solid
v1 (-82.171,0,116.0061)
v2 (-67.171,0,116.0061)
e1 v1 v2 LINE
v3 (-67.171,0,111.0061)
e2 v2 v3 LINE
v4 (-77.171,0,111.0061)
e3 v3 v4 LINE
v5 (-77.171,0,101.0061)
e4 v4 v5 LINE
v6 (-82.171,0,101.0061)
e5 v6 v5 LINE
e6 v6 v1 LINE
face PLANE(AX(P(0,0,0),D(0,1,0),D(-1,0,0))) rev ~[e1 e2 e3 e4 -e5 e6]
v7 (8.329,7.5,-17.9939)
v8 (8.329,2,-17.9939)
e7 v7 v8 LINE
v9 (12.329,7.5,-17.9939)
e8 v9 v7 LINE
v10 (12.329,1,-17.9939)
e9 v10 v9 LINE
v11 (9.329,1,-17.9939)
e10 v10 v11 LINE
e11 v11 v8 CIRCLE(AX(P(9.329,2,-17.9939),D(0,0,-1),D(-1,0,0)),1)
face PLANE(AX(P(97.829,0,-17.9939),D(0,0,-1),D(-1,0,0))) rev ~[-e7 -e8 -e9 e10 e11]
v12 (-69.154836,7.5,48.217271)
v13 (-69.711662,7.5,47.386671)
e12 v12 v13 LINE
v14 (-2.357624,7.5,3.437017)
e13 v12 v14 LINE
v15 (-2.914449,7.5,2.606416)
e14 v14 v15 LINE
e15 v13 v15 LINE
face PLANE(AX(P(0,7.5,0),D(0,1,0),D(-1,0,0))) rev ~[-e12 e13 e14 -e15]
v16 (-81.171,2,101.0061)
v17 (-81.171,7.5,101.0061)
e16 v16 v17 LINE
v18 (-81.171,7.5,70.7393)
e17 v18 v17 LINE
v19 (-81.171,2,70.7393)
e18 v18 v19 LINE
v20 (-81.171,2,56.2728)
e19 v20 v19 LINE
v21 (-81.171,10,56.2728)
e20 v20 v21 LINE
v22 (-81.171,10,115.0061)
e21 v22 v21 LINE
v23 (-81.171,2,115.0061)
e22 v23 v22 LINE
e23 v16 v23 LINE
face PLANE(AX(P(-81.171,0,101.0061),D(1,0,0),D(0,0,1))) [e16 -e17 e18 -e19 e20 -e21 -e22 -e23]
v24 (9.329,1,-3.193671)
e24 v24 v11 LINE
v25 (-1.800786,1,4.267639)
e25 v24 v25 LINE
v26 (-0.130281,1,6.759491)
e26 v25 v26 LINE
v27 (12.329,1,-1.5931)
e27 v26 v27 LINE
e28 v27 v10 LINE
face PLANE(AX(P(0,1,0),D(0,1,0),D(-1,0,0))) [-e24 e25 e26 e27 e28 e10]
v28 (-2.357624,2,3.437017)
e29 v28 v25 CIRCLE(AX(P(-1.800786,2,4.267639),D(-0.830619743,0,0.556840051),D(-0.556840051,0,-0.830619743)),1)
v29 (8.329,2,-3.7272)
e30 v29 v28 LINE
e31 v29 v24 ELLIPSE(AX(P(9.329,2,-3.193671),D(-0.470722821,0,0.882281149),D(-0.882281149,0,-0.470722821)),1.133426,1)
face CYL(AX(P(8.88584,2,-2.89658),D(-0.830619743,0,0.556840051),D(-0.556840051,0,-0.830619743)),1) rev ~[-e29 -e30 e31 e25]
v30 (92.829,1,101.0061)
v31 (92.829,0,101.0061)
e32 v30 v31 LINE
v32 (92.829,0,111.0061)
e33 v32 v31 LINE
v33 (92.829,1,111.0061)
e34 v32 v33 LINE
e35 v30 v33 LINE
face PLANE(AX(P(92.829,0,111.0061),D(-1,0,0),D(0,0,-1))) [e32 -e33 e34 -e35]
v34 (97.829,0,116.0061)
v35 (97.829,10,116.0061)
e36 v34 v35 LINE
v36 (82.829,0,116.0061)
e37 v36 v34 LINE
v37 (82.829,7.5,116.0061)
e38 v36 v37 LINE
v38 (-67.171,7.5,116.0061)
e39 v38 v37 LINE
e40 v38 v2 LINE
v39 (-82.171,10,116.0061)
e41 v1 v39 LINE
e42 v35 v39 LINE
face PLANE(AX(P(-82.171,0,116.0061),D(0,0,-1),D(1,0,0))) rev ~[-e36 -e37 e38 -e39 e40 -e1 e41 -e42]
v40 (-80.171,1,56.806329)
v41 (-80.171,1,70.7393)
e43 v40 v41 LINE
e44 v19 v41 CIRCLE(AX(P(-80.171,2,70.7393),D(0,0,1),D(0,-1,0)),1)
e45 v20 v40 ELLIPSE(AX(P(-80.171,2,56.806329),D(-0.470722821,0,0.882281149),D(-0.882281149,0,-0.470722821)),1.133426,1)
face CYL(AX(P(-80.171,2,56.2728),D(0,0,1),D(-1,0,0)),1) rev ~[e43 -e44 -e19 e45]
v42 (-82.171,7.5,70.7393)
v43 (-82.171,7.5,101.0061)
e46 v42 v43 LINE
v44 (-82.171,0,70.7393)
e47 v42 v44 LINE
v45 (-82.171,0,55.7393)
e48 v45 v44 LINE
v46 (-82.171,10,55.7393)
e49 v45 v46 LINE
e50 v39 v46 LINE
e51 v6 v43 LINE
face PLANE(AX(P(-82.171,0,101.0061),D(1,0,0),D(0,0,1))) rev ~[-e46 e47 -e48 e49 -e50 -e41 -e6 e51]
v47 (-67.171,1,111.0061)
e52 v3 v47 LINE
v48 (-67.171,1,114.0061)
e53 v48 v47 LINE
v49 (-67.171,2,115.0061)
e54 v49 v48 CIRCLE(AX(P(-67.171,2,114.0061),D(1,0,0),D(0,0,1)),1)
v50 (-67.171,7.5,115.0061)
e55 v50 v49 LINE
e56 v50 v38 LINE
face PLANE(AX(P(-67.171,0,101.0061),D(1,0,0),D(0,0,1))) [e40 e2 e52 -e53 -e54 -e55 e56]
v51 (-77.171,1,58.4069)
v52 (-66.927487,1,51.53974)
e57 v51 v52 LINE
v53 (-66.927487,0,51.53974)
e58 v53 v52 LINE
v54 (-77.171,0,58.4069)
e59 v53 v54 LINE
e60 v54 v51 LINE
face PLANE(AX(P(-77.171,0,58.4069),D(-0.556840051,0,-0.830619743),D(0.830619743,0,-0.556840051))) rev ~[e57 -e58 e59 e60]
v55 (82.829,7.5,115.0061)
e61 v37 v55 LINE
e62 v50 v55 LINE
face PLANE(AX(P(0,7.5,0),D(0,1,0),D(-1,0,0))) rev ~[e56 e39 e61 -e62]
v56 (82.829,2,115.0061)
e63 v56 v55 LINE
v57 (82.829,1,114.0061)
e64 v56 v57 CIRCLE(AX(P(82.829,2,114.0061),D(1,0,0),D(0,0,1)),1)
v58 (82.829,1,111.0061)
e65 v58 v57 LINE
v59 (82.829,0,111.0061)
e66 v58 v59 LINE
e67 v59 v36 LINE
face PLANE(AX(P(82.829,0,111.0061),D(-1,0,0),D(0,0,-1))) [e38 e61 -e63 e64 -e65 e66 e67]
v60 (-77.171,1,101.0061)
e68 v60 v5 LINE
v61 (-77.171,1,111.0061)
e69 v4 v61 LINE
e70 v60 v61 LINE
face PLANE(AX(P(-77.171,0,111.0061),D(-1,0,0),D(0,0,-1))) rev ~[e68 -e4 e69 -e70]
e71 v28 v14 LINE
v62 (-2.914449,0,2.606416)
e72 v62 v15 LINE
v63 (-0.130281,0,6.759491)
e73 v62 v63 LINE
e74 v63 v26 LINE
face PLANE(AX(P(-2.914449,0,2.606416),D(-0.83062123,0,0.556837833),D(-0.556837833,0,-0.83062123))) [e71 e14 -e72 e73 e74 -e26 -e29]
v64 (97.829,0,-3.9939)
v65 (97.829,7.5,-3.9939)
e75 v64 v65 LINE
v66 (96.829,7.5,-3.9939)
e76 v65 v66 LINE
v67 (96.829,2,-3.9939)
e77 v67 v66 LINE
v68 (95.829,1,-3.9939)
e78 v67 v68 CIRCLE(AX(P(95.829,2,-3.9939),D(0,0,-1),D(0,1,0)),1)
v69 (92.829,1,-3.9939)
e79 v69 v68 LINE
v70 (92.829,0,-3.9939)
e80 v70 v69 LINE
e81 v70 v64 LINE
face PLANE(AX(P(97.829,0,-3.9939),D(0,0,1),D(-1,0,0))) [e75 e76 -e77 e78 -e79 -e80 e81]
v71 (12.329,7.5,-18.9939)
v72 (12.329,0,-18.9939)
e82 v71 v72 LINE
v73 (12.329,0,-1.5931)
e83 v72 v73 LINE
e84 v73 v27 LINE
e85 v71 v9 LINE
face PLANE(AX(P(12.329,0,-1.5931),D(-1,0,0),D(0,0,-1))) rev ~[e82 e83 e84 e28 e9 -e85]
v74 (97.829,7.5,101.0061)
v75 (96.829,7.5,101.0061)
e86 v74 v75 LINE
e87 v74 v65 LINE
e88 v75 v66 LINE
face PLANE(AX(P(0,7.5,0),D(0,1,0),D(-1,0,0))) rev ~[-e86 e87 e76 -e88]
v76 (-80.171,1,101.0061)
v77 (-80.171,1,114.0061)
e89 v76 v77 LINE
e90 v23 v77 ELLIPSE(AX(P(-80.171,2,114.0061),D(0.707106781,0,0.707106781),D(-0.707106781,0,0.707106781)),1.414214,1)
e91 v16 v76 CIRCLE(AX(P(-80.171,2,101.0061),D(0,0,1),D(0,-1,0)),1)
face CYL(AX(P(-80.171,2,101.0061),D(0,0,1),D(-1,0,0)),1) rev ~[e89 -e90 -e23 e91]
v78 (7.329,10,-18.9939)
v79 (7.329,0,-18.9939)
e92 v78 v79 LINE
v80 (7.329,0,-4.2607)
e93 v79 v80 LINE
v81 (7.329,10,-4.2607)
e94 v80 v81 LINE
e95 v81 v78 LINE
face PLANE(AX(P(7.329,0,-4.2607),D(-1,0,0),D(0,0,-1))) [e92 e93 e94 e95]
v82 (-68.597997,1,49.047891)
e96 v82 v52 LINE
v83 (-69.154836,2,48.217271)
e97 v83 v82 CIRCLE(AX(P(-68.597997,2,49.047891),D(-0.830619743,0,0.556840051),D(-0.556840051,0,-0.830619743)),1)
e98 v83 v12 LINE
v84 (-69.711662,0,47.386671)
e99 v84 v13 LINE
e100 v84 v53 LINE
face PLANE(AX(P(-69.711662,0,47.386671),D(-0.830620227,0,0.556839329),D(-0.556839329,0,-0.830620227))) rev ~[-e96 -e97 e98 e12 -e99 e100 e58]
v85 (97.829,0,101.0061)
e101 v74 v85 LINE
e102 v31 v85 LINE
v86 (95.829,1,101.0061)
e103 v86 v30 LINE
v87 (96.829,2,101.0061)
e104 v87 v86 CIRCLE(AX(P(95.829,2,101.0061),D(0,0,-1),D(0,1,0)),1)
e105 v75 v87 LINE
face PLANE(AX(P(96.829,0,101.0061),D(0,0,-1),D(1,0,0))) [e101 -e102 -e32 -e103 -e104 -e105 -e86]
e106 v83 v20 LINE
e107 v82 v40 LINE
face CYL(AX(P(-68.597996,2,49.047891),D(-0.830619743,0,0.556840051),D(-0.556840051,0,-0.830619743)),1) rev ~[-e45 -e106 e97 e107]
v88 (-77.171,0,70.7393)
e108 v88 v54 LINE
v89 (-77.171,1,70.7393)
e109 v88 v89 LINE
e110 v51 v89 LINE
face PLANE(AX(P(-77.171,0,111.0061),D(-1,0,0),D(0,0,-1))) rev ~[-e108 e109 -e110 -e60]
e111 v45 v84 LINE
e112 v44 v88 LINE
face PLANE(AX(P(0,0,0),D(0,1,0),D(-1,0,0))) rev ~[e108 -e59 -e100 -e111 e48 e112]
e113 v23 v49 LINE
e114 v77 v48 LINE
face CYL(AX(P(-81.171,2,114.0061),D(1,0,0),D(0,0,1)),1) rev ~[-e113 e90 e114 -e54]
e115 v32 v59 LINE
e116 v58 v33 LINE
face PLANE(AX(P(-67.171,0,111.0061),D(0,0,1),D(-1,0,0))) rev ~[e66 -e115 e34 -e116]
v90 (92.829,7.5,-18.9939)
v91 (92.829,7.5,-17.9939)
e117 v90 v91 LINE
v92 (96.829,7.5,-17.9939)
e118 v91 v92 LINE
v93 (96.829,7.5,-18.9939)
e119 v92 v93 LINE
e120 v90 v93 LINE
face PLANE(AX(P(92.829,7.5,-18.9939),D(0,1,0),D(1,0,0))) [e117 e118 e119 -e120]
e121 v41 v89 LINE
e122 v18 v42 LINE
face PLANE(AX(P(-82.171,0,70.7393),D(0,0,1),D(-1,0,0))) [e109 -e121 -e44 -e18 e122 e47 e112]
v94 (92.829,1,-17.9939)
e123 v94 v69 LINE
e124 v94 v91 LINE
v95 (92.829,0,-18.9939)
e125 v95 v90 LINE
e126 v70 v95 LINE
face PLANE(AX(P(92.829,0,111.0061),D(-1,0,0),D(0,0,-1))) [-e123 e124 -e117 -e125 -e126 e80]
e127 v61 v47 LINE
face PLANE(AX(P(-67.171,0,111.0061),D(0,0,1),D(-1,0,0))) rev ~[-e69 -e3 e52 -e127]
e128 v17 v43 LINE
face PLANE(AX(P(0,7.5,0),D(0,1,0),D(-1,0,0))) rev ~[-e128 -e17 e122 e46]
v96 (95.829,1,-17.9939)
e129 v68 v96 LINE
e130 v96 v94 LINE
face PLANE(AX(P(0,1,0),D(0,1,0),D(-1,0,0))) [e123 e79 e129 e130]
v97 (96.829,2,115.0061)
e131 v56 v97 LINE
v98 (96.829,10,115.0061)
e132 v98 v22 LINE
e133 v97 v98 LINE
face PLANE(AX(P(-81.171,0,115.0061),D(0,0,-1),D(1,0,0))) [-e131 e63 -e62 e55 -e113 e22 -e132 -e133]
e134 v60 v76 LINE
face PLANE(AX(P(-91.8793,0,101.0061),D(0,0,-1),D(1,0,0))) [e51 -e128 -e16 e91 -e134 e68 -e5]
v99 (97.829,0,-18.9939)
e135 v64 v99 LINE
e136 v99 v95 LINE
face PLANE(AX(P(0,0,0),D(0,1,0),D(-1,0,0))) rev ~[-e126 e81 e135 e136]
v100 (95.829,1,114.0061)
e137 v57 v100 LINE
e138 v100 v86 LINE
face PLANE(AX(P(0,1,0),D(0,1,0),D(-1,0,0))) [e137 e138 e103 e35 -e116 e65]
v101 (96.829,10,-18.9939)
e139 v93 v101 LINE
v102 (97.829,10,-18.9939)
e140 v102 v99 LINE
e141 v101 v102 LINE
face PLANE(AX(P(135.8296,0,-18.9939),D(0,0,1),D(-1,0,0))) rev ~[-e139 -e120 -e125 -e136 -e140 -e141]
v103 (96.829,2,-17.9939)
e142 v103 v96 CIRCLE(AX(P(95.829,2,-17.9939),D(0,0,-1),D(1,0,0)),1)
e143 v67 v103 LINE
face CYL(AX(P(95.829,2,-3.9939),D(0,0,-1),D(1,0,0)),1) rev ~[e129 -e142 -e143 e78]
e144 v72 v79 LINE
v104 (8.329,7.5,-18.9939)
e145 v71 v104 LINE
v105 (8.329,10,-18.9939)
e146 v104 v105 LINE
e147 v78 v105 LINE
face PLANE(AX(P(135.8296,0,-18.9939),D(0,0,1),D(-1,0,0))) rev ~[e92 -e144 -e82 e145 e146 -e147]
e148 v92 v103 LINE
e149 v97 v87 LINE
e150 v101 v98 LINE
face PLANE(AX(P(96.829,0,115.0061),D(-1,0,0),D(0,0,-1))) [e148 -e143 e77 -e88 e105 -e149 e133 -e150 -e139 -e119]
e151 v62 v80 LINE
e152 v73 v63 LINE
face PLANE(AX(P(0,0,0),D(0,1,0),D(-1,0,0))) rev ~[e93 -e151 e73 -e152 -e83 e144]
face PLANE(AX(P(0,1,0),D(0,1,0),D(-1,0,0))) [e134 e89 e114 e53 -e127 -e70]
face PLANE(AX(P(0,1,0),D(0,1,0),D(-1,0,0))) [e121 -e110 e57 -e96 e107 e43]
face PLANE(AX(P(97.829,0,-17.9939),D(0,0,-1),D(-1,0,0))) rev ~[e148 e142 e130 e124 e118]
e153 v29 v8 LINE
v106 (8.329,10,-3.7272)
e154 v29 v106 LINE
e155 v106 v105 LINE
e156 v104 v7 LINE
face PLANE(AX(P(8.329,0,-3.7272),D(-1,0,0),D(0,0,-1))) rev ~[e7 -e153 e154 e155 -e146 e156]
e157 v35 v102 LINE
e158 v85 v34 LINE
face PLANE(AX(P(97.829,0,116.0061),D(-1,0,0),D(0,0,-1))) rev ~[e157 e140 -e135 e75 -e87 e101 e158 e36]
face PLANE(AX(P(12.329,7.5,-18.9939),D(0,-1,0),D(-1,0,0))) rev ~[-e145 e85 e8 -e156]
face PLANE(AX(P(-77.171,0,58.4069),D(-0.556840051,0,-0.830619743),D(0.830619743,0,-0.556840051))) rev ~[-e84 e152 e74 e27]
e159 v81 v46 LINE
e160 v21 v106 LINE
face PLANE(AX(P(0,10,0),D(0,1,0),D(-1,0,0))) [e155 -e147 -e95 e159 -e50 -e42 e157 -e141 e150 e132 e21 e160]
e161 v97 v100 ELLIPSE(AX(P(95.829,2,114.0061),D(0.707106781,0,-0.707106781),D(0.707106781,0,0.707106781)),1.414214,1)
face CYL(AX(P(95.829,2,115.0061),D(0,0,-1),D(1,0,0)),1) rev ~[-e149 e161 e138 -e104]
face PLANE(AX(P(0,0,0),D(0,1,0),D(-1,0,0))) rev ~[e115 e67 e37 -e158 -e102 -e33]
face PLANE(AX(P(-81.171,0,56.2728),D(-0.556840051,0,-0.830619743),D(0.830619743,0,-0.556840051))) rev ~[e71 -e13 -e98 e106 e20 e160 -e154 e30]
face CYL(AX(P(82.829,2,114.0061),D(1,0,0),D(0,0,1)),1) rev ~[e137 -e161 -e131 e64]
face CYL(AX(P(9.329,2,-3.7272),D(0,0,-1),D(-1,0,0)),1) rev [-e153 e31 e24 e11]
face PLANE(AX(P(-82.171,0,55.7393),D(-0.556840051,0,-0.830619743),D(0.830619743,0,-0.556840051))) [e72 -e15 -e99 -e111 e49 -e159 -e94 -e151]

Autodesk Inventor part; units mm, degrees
ref_plane "YZ Plane" through (0, 0, 0) normal (1, 0, 0) x (0, 1, 0)
ref_plane "XZ Plane" through (0, 0, 0) normal (0, 1, 0) x (-1, 0, 0)
ref_plane "XY Plane" through (0, 0, 0) normal (0, 0, 1) x (1, 0, 0)
sketch "Sketch1" plane through (0, 0, 0) normal (0, 1, 0) x (-1, 0, 0)
  line L0 (82.171, 116.0061) -> (-97.829, 116.0061)
  line L1 (-97.829, 116.0061) -> (-97.829, -153.9939)
  line L2 (-97.829, -153.9939) -> (82.171, -153.9939)
  line L3 (81.171, 115.0061) -> (-96.829, 115.0061)
  line L4 (-96.829, 115.0061) -> (-96.829, -152.9939)
  line L5 (-96.829, -152.9939) -> (81.171, -152.9939)
  line L6 (81.171, 56.2728) -> (-8.329, -3.7272)
  line L7 (82.171, 55.7393) -> (-7.329, -4.2607)
  line L8 (82.171, -93.7272) -> (-7.329, -33.7272)
  line L9 (81.171, -94.2607) -> (-8.329, -34.2607)
  line L10 (81.171, 56.2728) -> (81.171, 115.0061)
  line L11 (82.171, -153.9939) -> (82.171, -93.7272)
  line L12 (82.171, 55.7393) -> (82.171, 116.0061)
  line L13 (-7.329, -4.2607) -> (-7.329, -33.7272)
  line L14 (-8.329, -3.7272) -> (-8.329, -34.2607)
  line L15 (81.171, -152.9939) -> (81.171, -94.2607)
  line L16 (-92.829, 111.0061) -> (77.171, 111.0061)
  line L17 (-92.829, 111.0061) -> (-92.829, -148.9939)
  line L18 (-92.829, -148.9939) -> (77.171, -148.9939)
  line L19 (-12.329, -1.5931) -> (-12.329, -36.3948)
  line L20 (77.171, 58.4069) -> (-12.329, -1.5931)
  line L21 (77.171, 111.0061) -> (77.171, 58.4069)
  line L22 (77.171, -96.3948) -> (77.171, -148.9939)
  line L23 (77.171, -96.3948) -> (-12.329, -36.3948)
  line L24 (67.171, 133.2815) -> (-82.829, 133.2815)
  line L25 (-82.829, 133.2815) -> (-82.829, 85.6394)
  line L26 (-82.829, 85.6394) -> (67.171, 85.6394)
  line L27 (67.171, 85.6394) -> (67.171, 133.2815)
  line L28 (91.8793, 101.0061) -> (59.7353, 101.0061)
  line L29 (59.7353, 101.0061) -> (59.7353, 70.7393)
  line L30 (59.7353, 70.7393) -> (91.8793, 70.7393)
  line L31 (91.8793, 70.7393) -> (91.8793, 101.0061)
  line L32 (74.0374, 40.9341) -> (7.2402, -3.8462)
  line L33 (56.8116, 66.6293) -> (-9.9856, 21.8491)
  line L34 (56.8116, 66.6293) -> (74.0374, 40.9341)
  line L35 (-9.9856, 21.8491) -> (7.2402, -3.8462)
  line L36 (-88.3298, 101.0061) -> (-103.1355, 101.0061)
  line L37 (-103.1355, 101.0061) -> (-103.1355, -3.9939)
  line L38 (-103.1355, -3.9939) -> (-88.3298, -3.9939)
  line L39 (-88.3298, -3.9939) -> (-88.3298, 101.0061)
  line L40 (-12.329, -18.9939) -> (-92.829, -18.9939)
  line L41 (67.171, -171.2694) -> (-82.829, -171.2694)
  line L42 (-82.829, -171.2694) -> (-82.829, -123.6273)
  line L43 (-82.829, -123.6273) -> (67.171, -123.6273)
  line L44 (67.171, -123.6273) -> (67.171, -171.2694)
  line L45 (91.8793, -138.9939) -> (59.7353, -138.9939)
  line L46 (59.7353, -138.9939) -> (59.7353, -108.7272)
  line L47 (59.7353, -108.7272) -> (91.8793, -108.7272)
  line L48 (91.8793, -108.7272) -> (91.8793, -138.9939)
  line L49 (74.0374, -78.922) -> (7.2402, -34.1417)
  line L50 (56.8116, -104.6172) -> (-9.9856, -59.837)
  line L51 (56.8116, -104.6172) -> (74.0374, -78.922)
  line L52 (-9.9856, -59.837) -> (7.2402, -34.1417)
  line L53 (-88.3298, -138.9939) -> (-103.1355, -138.9939)
  line L54 (-103.1355, -138.9939) -> (-103.1355, -33.9939)
  line L55 (-103.1355, -33.9939) -> (-88.3298, -33.9939)
  line L56 (-88.3298, -33.9939) -> (-88.3298, -138.9939)
  line L57 (79.671, -206.4141) -> (79.671, 178.4349)
  point P0 (0, 0)
  dimension "d0" = 270
  dimension "d3" = 1
  dimension "d4" = 1
  dimension "d5" = 1
  dimension "d17" = 5
  dimension "d18" = 29.4665
  dimension "d28" = 1
  dimension "d29" = 5
  dimension "d30" = 5
  dimension "d31" = 1
  dimension "d32" = 15
  dimension "d33" = 15
  dimension "d34" = 15
  dimension "d35" = 15
  dimension "d36" = 15
  dimension "d37" = 15
  dimension "d38" = 15
  dimension "d39" = 135
  dimension "d40" = 15
  dimension "d41" = 5
  dimension "d42" = 5
  dimension "d48" = 2.5
extrude "Extrusion1" add sketch "Sketch1" along normal blind 10 contours L12 L28 L10 L3 L57 L0 | L57 L3 L27 L0 | L12 L30 L10 L28 | L27 L3 L25 L0 | L12 L7 L57 L6 L10 L30 | L25 L3 L4 L36 L1 L0 | L7 L34 L6 L57 | L36 L4 L38 L1 | L7 L35 L6 L34 | L57 L9 L51 L8 | L8 L11 L47 L15 L9 L57 | L38 L4 L55 L1 | L7 L13 L8 L52 L9 L14 L6 L35 | L51 L9 L52 L8 | L55 L4 L53 L1 | L11 L45 L15 L47 | L53 L4 L5 L42 L2 L1 | L11 L2 L57 L5 L15 L45 | L57 L2 L44 L5 | L42 L5 L44 L2
extrude "Extrusion2" add sketch "Sketch1" along normal blind 1 contours L57 L28 L21 L16 L27 L3 | L3 L10 L28 L57 | L10 L30 L57 L28 | L27 L16 L25 L3 | L57 L30 L21 L28 | L10 L6 L57 L30 | L25 L16 L17 L36 L4 L3 | L57 L6 L34 L20 L21 L30 | L36 L17 L38 L4 | L6 L35 L20 L34 | L57 L47 L22 L23 L51 L9 | L9 L15 L47 L57 | L38 L17 L55 L4 | L6 L14 L9 L52 L23 L19 L20 L35 | L51 L23 L52 L9 | L57 L45 L22 L47 | L47 L15 L45 L57 | L55 L17 L53 L4 | L57 L5 L44 L18 L22 L45 | L45 L15 L5 L57 | L53 L17 L18 L42 L5 L4 | L5 L42 L18 L44
extrude "Extrusion3" cut sketch "Sketch1" along normal blind 7.5 contours L28 L31 L30 L12 | L12 L30 L10 L28 | L27 L3 L25 L0 | L0 L25 L24 L27 | L10 L30 L57 L28 | L27 L16 L25 L3 | L57 L30 L21 L28 | L27 L28 L29 L26 L25 L16 | L21 L30 L29 L26 L27 L28 | L36 L4 L38 L1 | L1 L38 L37 L36 | L27 L26 L29 L28 | L34 L32 L35 L7 | L7 L35 L6 L34 | L36 L17 L38 L4 | L6 L35 L20 L34 | L51 L9 L52 L8 | L8 L52 L49 L51 | L55 L4 L53 L1 | L1 L53 L54 L55 | L36 L39 L38 L17 | L20 L35 L33 L34 | L47 L48 L45 L11 | L11 L45 L15 L47 | L51 L23 L52 L9 | L57 L45 L22 L47 | L47 L15 L45 L57 | L55 L17 L53 L4 | L51 L50 L52 L23 | L22 L45 L44 L43 L46 L47 | L55 L56 L53 L17 | L42 L5 L44 L2 | L2 L44 L41 L42 | L45 L46 L43 L44 | L44 L18 L42 L43 L46 L45 | L5 L42 L18 L44
fillet "Fillet1" radius 1 15 edges at (2.9857, 1, -0.1451) (8.329, 1, -18.9939) (-81.171, 1, -101.4939) (-74.171, 1, -152.9939) (-81.171, 1, -145.9939) (-75.1629, 1, 52.2451) (-81.171, 1, 63.5061) (-81.171, 1, 108.0061) (-74.171, 1, 115.0061) (89.829, 1, 115.0061) (96.829, 1, 108.0061) (96.829, 1, -18.9939) (96.829, 1, -145.9939) (2.9857, 1, -37.8428) (89.829, 1, -152.9939)
sketch "Sketch2" plane through (0, 0, 0) normal (0, -1, 0) x (1, 0, 0)
  line L0 (135.8296, -18.9939) -> (-115.0378, -18.9939)
  line L1 (-115.0378, -18.9939) -> (-115.0378, 152.8468)
  line L2 (-115.0378, 152.8468) -> (135.8296, 152.8468)
  line L3 (135.8296, 152.8468) -> (135.8296, -18.9939)
  line L4 (-115.0378, -18.9939) -> (154.388, -18.9939)
  line L5 (154.388, -18.9939) -> (154.388, -183.4288)
  line L6 (154.388, -183.4288) -> (-115.0378, -183.4288)
  line L7 (-115.0378, -183.4288) -> (-115.0378, -18.9939)
  point P0 (0, 0)
extrude "Extrusion4" cut sketch "Sketch2" against normal blind 100 contours L0 L1 L2 L3 keep common part
sketch "Sketch4" plane through (97.829, 0, -18.9939) normal (0, 0, -1) x (-1, 0, 0)
  line L0 (0, 0) -> (5, 0)
  line L1 (5, 0) -> (5, 7.5)
  line L2 (5, 7.5) -> (0, 7.5)
  line L3 (0, 7.5) -> (0, 0)
  line L4 (90.5, 0) -> (85.5, 0)
  line L5 (85.5, 0) -> (85.5, 7.5)
  line L6 (85.5, 7.5) -> (90.5, 7.5)
  line L7 (90.5, 7.5) -> (90.5, 0)
  point P0 (97.829, 0)
  dimension "d55" = 5
  dimension "d56" = 5
  dimension "d57" = 7.5
  dimension "d58" = 7.5
extrude "Extrusion6" add sketch "Sketch4" against normal blind 1
properties part number "Female"
